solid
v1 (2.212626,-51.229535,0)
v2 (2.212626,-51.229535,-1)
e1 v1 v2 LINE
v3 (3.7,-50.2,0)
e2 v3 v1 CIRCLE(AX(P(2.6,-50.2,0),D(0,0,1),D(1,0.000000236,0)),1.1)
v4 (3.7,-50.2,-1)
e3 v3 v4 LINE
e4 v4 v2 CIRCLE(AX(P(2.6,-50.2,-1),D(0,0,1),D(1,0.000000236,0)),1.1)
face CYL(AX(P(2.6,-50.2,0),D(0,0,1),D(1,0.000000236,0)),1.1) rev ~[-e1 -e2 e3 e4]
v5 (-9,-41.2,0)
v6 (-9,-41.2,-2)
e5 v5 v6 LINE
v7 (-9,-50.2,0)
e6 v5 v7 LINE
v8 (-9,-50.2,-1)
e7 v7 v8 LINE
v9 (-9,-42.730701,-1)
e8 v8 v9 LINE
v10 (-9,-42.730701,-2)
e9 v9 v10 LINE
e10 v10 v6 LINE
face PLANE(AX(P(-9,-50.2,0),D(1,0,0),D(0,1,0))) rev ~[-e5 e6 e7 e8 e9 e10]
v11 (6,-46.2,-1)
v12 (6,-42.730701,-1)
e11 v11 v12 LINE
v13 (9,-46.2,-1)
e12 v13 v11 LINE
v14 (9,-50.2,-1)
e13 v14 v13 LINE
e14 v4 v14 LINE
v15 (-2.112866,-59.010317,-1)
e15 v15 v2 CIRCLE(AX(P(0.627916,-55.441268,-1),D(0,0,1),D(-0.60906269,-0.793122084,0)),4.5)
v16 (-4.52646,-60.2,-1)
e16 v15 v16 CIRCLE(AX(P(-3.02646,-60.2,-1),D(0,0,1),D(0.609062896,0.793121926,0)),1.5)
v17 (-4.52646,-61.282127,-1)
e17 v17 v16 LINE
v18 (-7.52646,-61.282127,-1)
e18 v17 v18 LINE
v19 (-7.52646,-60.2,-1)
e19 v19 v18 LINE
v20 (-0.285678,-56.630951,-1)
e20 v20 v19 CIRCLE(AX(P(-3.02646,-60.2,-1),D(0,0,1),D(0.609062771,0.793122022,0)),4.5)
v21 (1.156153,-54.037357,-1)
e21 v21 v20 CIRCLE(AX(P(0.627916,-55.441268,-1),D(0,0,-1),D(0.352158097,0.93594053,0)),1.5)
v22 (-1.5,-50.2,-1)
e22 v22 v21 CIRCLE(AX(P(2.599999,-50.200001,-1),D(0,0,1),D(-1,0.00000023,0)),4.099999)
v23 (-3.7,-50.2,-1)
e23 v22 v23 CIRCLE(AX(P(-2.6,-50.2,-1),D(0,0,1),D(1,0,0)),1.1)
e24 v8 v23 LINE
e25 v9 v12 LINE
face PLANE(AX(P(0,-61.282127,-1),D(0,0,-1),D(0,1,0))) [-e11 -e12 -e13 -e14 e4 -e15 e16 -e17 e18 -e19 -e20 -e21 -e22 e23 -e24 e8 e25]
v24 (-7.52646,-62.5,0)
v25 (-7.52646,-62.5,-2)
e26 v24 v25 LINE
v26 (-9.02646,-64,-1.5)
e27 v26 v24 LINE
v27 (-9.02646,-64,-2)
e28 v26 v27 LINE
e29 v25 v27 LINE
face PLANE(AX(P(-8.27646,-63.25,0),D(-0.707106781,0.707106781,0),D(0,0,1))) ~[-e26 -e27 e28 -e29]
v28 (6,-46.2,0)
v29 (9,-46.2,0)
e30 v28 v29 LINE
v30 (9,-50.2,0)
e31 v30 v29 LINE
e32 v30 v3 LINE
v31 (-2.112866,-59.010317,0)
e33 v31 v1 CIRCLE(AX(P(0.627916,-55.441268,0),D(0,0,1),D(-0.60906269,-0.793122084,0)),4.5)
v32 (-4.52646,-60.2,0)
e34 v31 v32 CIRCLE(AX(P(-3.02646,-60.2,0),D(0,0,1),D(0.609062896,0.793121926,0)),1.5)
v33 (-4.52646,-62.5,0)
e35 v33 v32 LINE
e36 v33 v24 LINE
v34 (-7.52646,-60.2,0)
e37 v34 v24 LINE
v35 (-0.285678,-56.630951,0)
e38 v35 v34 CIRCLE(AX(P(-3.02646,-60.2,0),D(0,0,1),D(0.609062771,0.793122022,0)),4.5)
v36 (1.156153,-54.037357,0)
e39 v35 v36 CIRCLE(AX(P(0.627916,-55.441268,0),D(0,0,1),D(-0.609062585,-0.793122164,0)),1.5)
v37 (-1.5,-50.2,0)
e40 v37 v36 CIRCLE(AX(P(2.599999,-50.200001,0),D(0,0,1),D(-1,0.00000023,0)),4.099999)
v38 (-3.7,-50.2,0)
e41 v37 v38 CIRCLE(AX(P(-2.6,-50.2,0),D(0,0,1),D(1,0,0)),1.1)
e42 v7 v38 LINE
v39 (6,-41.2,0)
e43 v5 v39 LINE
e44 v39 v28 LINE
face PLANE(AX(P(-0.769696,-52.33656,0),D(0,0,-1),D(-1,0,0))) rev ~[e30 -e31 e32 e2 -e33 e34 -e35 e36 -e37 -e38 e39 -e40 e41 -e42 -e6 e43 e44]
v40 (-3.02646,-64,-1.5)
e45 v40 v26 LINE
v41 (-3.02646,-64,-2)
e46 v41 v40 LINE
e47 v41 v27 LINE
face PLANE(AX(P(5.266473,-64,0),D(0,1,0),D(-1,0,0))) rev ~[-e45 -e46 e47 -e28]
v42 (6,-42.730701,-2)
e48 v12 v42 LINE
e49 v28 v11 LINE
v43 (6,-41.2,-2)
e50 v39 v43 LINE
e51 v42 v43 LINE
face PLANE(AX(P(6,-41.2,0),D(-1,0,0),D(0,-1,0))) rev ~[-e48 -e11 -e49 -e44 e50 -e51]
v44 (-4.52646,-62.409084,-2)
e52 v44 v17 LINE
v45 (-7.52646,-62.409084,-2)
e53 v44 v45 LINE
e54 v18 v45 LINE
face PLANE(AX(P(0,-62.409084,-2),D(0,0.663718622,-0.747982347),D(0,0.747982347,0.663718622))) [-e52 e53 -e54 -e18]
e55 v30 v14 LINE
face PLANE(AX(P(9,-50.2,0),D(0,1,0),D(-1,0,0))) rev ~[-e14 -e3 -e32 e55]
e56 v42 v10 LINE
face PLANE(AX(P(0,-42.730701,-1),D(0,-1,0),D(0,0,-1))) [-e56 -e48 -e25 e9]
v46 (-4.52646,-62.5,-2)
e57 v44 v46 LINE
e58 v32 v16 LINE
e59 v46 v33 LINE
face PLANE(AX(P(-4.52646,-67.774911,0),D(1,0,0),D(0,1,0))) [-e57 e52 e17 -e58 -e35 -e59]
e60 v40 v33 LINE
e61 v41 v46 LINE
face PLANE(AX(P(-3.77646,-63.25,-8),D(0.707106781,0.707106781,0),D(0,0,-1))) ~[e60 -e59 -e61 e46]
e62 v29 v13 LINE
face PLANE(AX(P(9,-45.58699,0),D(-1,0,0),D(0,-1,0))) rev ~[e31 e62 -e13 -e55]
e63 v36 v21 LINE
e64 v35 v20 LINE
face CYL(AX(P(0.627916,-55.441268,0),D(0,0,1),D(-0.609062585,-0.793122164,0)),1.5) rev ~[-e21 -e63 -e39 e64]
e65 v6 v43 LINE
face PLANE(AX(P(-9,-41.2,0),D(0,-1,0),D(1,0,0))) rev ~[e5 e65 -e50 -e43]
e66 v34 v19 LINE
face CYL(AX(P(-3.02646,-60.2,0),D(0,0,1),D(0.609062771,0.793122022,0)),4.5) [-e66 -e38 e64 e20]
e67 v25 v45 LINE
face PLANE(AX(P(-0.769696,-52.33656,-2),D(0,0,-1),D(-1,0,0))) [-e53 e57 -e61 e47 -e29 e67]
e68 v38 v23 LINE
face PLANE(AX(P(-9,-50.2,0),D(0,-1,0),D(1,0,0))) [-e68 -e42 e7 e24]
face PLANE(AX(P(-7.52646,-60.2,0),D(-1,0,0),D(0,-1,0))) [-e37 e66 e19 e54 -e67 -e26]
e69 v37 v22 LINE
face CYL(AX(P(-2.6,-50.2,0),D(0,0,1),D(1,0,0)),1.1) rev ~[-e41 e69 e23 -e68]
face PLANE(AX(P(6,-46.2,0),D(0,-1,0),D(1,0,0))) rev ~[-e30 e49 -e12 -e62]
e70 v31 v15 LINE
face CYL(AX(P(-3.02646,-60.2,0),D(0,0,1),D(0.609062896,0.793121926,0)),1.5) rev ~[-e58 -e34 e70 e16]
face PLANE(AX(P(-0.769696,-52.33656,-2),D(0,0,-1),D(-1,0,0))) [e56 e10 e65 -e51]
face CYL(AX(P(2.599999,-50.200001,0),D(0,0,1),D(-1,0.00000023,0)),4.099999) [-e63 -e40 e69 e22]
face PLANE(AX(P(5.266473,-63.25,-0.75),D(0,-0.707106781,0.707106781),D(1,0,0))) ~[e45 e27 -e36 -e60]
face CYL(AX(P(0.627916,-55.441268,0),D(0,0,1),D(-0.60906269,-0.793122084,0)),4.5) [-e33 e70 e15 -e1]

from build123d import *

# Parameters (mm, degrees)
SKETCH_W             = 56
SKETCH_H             = 12
PAD_DEPTH            = 64
POCKET_DEPTH         = 8
PAD001_DEPTH         = 4.5
SKETCH005_R          = 2
SKETCH005_W          = 30
SKETCH005_H          = 5
POCKET001_DEPTH      = 10.5
SKETCH007_R          = 4
SKETCH007_W          = 3
SKETCH007_H          = 7
POCKET002_DEPTH      = 3
CHAMFER_SIZE         = 1.5
PAD002_DEPTH         = 2
CHAMFER001_SIZE      = 1.5
POCKET003_DEPTH      = 9.02746
POCKET003_DEPTH_BACK = 9.001


with BuildPart() as body003:
    # Sketch → Pad (new body)
    with BuildSketch(Plane.XZ):
        with Locations((0, -6)):
            Rectangle(SKETCH_W, SKETCH_H)
    extrude(amount=PAD_DEPTH)

    # Sketch002 → Pocket (cut)
    with BuildSketch(Plane.XY):
        Polygon((-24.2, 0), (-24.2, -57.2), (-17.9, -57.2), (-17.9, -39.2), (17.9, -39.2), (17.9, -57.2), (24.2, -57.2), (24.2, 0), align=None)
        with BuildLine():
            Line((-9, -41.2), (-9, -50.2))
            Line((-9, -50.2), (-3.7, -50.2))
            ThreePointArc((-1.5, -50.2), (-2.6, -49.1), (-3.7, -50.2))
            ThreePointArc((-1.5, -50.2), (-0.771185, -52.533477), (1.156153, -54.037357))
            ThreePointArc((-0.285678, -56.630951), (1.938949, -56.170097), (1.156153, -54.037357))
            ThreePointArc((-0.285678, -56.630951), (-5.015993, -56.163695), (-7.52646, -60.2))
            Line((-7.52646, -60.2), (-7.52646, -67.774911))
            Line((-7.52646, -67.774911), (-4.52646, -67.774911))
            Line((-4.52646, -67.774911), (-4.52646, -60.2))
            ThreePointArc((-2.112866, -59.010317), (-3.689638, -58.854565), (-4.52646, -60.2))
            ThreePointArc((-2.112866, -59.010317), (4.561015, -57.627756), (2.212626, -51.229535))
            ThreePointArc((3.7, -50.2), (1.973945, -49.295536), (2.212626, -51.229535))
            Line((9, -50.2), (3.7, -50.2))
            Line((9, -46.2), (9, -50.2))
            Line((6, -46.2), (9, -46.2))
            Line((6, -41.2), (6, -46.2))
            Line((-9, -41.2), (6, -41.2))
        make_face()
    extrude(amount=-POCKET_DEPTH, mode=Mode.SUBTRACT)

    # Sketch006 → Pad001 (join)
    with BuildSketch(Plane.XY):
        Polygon((-25.2, -12), (-22.614214, -12), (-21.2, -13.414214), (-21.2, -58), (-25.2, -58), align=None)
        Polygon((25.2, -12), (22.614214, -12), (21.2, -13.414214), (21.2, -58), (25.2, -58), align=None)
    extrude(amount=-PAD001_DEPTH)

    # Sketch005 → Pocket001 (cut)
    with BuildSketch(Plane.XY):
        with Locations((-12.5, -56)):
            Circle(SKETCH005_R)
        with Locations((12.5, -56)):
            Circle(SKETCH005_R)
        with BuildLine():
            Line((-12.25, -29), (-12.25, -49.5))
            Line((-12.25, -49.5), (-3.75, -49.5))
            Line((-3.75, -49.5), (-3.75, -49))
            Line((-3.75, -49), (-11.25, -49))
            ThreePointArc((-11.75, -48.5), (-11.603553, -48.853553), (-11.25, -49))
            Line((-11.75, -48.5), (-11.75, -29))
            Line((-11.75, -29), (-12.25, -29))
        make_face()
        with BuildLine():
            Line((12.25, -29), (12.25, -49.5))
            Line((12.25, -49.5), (3.75, -49.5))
            Line((3.75, -49.5), (3.75, -49))
            Line((3.75, -49), (11.25, -49))
            ThreePointArc((11.25, -49), (11.603553, -48.853553), (11.75, -48.5))
            Line((11.75, -48.5), (11.75, -29))
            Line((11.75, -29), (12.25, -29))
        make_face()
        with Locations((0, -6.3)):
            Rectangle(SKETCH005_W, SKETCH005_H)
    extrude(amount=-POCKET001_DEPTH, mode=Mode.SUBTRACT)

    # Sketch007 → Pocket002 (cut)
    with BuildSketch(Plane.XY):
        with Locations((-12.5, -56)):
            Circle(SKETCH007_R)
        with Locations((12.5, -56)):
            Circle(SKETCH007_R)
        with Locations((8.5, -41.5)):
            Rectangle(SKETCH007_W, SKETCH007_H)
    extrude(amount=-POCKET002_DEPTH, mode=Mode.SUBTRACT)

    # Chamfer
    chamfer_edges = [body003.edges().sort_by_distance(p)[0] for p in [
        (28, -32, -12),
        (-28, -32, -12),
        (0, 0, -12),
        (0, -64, -12),
        (28, -32, 0),
        (28, 0, -6),
        (28, -64, -6),
        (-28, -32, 0),
        (-28, 0, -6),
        (-28, -64, -6),
        (11.73677, -64, 0),
        (-4.52646, -64, -4),
        (-6.02646, -64, -8),
        (-7.52646, -64, -4),
        (-17.76323, -64, 0),
        (-26.1, 0, 0),
        (26.1, 0, 0),
    ]]
    chamfer(chamfer_edges, length=CHAMFER_SIZE)


with BuildPart() as cablecover:
    # Sketch008 → Pad002 (new body)
    with BuildSketch(Plane.XY):
        Polygon((5.266473, -64), (-9.544278, -64), (-7.665841, -56.897079), (-9, -50.2), (-9, -41.2), (6.447607, -41.2), (6.447607, -45.58699), (9, -45.58699), (9, -50.2), align=None)
    extrude(amount=-PAD002_DEPTH)

    # Chamfer001
    chamfer001_edges = [cablecover.edges().sort_by_distance(p)[0] for p in [
        (-2.138902, -64, 0),
    ]]
    chamfer(chamfer001_edges, length=CHAMFER001_SIZE)

    # Cut: cut Body003
    add(body003.part, mode=Mode.SUBTRACT)

    # Sketch009 → Pocket003 (cut, two sides)
    with BuildSketch(Plane.YZ) as pocket003_sk:
        Polygon((-42.730701, -2), (-62.409084, -2), (-61.282127, -1), (-42.730701, -1), align=None)
    extrude(amount=-POCKET003_DEPTH, mode=Mode.SUBTRACT)
    extrude(pocket003_sk.sketch, amount=POCKET003_DEPTH_BACK, mode=Mode.SUBTRACT)


solid = cablecover.part
